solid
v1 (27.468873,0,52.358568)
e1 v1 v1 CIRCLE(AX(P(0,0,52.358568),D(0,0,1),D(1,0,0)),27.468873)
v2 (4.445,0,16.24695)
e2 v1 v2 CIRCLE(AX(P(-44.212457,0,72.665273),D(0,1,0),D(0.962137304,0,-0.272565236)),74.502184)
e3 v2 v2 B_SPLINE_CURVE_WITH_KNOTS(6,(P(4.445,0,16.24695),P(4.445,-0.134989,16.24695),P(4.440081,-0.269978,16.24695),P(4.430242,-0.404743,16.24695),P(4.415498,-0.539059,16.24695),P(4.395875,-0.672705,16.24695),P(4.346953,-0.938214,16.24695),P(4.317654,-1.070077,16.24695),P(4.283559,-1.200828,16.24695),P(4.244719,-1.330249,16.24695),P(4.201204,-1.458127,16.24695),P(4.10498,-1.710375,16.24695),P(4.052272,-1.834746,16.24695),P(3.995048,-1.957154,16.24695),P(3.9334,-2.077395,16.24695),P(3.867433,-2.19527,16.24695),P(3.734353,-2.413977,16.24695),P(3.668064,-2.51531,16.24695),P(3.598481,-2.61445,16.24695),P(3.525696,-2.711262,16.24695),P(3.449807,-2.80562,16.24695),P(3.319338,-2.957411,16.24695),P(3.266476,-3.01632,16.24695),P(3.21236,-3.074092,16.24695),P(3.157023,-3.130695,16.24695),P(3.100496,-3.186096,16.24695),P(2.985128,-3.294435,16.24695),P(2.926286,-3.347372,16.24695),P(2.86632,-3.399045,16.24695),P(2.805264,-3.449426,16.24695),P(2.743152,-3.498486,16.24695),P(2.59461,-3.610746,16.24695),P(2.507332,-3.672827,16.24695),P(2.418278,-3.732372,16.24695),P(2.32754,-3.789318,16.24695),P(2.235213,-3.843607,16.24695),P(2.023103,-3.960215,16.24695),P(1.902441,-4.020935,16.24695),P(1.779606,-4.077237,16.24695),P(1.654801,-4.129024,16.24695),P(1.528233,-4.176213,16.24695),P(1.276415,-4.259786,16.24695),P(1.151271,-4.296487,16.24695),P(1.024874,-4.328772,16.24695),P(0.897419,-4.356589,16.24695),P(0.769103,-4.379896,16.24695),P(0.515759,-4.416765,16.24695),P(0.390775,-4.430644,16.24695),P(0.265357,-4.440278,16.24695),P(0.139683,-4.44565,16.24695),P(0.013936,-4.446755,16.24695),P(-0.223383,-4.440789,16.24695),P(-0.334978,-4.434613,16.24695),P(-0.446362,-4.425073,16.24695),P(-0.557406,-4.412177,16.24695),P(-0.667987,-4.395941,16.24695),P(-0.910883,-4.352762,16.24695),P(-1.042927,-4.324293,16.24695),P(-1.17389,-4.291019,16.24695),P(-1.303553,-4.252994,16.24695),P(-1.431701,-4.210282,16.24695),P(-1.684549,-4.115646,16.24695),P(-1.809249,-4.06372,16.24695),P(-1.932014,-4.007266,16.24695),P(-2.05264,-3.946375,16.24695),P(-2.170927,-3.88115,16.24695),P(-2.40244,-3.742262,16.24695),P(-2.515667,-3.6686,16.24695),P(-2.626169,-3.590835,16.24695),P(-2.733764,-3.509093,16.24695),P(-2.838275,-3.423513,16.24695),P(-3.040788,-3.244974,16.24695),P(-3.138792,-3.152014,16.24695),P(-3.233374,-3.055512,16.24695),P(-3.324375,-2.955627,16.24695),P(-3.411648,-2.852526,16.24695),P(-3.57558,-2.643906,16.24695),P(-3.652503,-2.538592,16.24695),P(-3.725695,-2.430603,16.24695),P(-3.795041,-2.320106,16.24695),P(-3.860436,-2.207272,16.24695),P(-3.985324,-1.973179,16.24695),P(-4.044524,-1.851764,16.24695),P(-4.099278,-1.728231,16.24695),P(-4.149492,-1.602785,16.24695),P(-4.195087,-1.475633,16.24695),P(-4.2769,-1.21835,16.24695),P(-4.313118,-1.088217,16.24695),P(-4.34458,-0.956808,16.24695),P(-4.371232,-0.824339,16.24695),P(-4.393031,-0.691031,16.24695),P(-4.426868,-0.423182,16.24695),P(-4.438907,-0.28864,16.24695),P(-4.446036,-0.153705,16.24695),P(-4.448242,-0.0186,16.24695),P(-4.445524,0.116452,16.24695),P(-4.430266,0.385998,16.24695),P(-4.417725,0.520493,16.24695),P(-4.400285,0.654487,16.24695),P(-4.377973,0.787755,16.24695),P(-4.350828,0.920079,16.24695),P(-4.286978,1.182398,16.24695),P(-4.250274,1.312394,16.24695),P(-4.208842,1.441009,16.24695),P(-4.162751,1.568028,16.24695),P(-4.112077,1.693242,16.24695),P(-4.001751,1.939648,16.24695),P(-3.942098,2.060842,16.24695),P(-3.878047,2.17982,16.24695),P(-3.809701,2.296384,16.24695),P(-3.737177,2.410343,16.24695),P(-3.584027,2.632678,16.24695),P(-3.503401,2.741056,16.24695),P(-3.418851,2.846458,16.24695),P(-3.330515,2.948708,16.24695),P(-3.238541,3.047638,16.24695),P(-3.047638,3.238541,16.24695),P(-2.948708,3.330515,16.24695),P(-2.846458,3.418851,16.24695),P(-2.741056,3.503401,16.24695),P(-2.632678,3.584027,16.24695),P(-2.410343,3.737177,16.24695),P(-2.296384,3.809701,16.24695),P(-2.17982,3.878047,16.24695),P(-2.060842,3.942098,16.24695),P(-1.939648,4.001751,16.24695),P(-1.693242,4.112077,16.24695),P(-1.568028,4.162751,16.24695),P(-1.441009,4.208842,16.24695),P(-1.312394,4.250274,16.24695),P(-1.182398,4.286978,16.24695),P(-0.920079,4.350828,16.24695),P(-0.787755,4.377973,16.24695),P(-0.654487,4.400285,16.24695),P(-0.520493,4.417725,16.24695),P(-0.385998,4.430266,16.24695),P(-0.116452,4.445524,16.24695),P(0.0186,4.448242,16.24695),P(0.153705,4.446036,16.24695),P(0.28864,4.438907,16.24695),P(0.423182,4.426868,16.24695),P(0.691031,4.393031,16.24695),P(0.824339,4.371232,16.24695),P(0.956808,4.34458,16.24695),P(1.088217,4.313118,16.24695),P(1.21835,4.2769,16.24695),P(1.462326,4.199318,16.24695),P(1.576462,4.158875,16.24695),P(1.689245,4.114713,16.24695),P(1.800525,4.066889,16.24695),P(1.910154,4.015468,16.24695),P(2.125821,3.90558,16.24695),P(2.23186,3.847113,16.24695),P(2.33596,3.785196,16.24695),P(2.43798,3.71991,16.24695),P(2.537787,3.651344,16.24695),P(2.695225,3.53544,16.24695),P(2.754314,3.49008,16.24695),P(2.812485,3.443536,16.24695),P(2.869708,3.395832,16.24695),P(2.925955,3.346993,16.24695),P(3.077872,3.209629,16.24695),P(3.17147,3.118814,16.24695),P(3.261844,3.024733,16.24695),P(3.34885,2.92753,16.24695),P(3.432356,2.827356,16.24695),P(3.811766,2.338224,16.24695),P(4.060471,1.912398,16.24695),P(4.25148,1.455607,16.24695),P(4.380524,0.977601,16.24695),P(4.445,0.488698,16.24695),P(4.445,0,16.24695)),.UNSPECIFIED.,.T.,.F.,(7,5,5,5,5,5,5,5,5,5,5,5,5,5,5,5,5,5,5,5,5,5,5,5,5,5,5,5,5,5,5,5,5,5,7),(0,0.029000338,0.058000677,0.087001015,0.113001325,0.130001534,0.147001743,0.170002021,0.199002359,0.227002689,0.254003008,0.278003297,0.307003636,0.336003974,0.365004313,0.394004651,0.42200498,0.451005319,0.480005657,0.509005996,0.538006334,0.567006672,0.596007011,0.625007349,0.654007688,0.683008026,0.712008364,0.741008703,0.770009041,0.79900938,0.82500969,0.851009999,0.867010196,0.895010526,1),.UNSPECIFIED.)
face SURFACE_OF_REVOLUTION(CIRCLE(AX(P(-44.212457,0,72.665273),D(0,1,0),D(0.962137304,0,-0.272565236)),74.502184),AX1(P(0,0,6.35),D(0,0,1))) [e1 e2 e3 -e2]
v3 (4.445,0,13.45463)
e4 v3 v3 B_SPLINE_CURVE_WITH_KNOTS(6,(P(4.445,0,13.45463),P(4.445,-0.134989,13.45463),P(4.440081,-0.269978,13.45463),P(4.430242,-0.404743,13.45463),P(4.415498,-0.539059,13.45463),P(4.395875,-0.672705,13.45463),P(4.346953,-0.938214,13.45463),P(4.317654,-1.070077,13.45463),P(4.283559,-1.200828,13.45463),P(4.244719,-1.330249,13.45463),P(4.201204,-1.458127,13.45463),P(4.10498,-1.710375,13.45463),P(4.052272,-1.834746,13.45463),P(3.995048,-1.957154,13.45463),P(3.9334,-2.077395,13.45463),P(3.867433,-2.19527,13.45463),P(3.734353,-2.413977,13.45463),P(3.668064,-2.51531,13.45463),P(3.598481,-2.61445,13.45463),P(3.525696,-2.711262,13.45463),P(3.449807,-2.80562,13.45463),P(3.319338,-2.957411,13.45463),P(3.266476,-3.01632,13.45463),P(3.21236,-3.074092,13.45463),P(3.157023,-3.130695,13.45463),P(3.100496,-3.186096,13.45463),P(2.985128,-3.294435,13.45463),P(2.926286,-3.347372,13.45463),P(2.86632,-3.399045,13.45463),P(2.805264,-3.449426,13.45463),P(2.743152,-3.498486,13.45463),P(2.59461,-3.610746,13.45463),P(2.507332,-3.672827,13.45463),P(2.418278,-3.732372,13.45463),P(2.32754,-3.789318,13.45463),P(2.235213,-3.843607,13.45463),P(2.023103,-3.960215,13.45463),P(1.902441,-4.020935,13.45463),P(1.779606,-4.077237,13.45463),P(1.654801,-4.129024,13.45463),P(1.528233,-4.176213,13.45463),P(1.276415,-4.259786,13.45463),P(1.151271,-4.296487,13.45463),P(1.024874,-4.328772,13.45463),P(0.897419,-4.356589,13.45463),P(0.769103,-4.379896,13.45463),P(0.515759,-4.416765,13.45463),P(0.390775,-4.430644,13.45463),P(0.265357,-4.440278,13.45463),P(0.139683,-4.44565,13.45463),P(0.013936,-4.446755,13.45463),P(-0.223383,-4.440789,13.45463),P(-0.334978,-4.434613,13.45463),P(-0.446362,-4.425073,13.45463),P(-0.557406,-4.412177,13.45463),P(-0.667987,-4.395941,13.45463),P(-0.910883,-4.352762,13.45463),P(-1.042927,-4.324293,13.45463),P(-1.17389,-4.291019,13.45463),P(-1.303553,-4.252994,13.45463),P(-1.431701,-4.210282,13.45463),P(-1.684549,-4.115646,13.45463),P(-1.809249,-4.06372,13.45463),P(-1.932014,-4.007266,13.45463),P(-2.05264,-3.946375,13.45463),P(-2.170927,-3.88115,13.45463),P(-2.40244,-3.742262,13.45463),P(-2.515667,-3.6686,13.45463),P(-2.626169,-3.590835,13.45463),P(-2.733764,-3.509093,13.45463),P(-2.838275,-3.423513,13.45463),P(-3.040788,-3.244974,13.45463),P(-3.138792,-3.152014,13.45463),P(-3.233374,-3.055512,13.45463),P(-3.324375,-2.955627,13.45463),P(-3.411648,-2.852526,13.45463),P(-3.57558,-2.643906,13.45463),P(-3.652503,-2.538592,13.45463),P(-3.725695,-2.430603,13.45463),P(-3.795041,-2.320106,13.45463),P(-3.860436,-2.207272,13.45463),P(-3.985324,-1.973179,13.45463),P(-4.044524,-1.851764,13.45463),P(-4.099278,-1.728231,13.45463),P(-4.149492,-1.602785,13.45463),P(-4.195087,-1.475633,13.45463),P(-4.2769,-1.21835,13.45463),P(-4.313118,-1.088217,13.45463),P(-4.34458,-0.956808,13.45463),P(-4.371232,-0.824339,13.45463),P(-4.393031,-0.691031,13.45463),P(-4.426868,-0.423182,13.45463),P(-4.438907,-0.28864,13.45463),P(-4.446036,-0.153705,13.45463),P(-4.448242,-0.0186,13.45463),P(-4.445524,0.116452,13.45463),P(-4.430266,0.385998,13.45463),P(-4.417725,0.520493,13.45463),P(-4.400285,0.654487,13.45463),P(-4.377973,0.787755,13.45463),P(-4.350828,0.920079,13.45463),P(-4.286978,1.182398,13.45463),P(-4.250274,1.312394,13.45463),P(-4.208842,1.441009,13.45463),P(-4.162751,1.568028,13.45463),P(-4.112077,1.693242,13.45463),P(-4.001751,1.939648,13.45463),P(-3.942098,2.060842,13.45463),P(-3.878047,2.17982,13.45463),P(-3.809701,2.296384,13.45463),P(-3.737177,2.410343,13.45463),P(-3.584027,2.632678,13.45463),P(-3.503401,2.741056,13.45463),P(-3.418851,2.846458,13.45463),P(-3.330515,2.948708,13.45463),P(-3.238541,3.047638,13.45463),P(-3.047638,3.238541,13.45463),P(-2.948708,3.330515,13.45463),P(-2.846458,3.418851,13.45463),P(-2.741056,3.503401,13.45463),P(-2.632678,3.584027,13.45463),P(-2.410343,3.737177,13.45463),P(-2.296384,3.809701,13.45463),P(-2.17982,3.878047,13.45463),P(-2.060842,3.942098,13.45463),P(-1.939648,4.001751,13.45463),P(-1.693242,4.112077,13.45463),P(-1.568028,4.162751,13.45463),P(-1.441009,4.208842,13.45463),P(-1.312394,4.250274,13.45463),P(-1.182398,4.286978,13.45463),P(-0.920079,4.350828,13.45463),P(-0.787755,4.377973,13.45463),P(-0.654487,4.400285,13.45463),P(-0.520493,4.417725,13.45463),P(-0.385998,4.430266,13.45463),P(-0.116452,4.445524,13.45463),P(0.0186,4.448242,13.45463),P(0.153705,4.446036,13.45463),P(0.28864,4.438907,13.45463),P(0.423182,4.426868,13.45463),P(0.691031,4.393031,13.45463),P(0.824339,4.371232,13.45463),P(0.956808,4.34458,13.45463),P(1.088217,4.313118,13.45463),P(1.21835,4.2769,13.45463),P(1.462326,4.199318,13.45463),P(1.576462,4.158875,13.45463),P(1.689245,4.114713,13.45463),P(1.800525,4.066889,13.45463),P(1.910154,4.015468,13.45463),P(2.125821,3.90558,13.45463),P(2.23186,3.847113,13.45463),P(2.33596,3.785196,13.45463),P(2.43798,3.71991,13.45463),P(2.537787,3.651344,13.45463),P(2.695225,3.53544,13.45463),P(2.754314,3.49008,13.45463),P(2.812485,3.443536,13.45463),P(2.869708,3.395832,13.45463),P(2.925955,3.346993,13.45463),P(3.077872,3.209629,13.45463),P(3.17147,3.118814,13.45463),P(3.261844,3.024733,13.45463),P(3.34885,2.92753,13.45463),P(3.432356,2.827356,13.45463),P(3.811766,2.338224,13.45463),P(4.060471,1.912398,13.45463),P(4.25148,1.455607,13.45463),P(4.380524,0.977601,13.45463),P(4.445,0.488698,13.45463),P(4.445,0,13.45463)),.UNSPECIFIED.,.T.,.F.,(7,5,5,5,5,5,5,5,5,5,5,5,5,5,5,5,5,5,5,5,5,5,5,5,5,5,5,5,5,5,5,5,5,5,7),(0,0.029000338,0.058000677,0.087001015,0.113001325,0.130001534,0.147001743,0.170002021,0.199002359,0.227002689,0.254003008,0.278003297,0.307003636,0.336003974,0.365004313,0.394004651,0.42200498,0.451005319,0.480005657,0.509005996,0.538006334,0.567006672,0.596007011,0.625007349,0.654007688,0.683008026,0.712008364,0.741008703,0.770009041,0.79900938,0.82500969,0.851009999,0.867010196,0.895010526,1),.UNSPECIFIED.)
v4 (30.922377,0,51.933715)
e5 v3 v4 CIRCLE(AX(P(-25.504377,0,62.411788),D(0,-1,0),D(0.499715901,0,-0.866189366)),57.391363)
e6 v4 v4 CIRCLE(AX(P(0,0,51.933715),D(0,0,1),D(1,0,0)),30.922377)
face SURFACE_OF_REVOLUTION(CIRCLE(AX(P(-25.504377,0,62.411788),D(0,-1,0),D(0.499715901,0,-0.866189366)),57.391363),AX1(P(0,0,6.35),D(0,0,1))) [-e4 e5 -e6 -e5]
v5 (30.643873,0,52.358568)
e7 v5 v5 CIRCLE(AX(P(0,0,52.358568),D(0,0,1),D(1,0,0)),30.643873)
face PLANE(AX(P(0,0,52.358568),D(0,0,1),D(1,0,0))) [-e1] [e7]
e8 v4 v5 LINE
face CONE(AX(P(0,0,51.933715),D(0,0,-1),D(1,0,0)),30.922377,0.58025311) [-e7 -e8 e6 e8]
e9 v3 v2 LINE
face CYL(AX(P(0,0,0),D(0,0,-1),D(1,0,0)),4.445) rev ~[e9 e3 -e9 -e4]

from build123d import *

# Parameters (mm, degrees)
F0_W     = 3.175
F0_H     = 12.7
F2_R     = 4.445
F3_DEPTH = 25.4


with BuildPart() as f1:
    # F0 (on Front) → F1 (revolve)
    with BuildSketch(Plane.XZ):
        with Locations((1.5875, 6.35)):
            Rectangle(F0_W, F0_H)
        with BuildLine():
            ThreePointArc((27.468873, 52.358568), (17.033302, 30.244378), (0, 12.7))
            Line((0, 12.7), (3.175, 12.7))
            ThreePointArc((3.175, 12.7), (21.352687, 29.272927), (30.922377, 51.933715))
            Line((30.922377, 51.933715), (30.643873, 52.358568))
            Line((30.643873, 52.358568), (27.468873, 52.358568))
        make_face()
    revolve(axis=Axis((0, 0, 6.35), (0, 0, 1)))

    # F2 (on face) → F3 (cut)
    with BuildSketch(Plane(origin=(0, 0, 0), x_dir=(1, 0, 0), z_dir=(0, 0, -1))):
        Circle(F2_R)
    extrude(amount=-F3_DEPTH, mode=Mode.SUBTRACT)


solid = f1.part
